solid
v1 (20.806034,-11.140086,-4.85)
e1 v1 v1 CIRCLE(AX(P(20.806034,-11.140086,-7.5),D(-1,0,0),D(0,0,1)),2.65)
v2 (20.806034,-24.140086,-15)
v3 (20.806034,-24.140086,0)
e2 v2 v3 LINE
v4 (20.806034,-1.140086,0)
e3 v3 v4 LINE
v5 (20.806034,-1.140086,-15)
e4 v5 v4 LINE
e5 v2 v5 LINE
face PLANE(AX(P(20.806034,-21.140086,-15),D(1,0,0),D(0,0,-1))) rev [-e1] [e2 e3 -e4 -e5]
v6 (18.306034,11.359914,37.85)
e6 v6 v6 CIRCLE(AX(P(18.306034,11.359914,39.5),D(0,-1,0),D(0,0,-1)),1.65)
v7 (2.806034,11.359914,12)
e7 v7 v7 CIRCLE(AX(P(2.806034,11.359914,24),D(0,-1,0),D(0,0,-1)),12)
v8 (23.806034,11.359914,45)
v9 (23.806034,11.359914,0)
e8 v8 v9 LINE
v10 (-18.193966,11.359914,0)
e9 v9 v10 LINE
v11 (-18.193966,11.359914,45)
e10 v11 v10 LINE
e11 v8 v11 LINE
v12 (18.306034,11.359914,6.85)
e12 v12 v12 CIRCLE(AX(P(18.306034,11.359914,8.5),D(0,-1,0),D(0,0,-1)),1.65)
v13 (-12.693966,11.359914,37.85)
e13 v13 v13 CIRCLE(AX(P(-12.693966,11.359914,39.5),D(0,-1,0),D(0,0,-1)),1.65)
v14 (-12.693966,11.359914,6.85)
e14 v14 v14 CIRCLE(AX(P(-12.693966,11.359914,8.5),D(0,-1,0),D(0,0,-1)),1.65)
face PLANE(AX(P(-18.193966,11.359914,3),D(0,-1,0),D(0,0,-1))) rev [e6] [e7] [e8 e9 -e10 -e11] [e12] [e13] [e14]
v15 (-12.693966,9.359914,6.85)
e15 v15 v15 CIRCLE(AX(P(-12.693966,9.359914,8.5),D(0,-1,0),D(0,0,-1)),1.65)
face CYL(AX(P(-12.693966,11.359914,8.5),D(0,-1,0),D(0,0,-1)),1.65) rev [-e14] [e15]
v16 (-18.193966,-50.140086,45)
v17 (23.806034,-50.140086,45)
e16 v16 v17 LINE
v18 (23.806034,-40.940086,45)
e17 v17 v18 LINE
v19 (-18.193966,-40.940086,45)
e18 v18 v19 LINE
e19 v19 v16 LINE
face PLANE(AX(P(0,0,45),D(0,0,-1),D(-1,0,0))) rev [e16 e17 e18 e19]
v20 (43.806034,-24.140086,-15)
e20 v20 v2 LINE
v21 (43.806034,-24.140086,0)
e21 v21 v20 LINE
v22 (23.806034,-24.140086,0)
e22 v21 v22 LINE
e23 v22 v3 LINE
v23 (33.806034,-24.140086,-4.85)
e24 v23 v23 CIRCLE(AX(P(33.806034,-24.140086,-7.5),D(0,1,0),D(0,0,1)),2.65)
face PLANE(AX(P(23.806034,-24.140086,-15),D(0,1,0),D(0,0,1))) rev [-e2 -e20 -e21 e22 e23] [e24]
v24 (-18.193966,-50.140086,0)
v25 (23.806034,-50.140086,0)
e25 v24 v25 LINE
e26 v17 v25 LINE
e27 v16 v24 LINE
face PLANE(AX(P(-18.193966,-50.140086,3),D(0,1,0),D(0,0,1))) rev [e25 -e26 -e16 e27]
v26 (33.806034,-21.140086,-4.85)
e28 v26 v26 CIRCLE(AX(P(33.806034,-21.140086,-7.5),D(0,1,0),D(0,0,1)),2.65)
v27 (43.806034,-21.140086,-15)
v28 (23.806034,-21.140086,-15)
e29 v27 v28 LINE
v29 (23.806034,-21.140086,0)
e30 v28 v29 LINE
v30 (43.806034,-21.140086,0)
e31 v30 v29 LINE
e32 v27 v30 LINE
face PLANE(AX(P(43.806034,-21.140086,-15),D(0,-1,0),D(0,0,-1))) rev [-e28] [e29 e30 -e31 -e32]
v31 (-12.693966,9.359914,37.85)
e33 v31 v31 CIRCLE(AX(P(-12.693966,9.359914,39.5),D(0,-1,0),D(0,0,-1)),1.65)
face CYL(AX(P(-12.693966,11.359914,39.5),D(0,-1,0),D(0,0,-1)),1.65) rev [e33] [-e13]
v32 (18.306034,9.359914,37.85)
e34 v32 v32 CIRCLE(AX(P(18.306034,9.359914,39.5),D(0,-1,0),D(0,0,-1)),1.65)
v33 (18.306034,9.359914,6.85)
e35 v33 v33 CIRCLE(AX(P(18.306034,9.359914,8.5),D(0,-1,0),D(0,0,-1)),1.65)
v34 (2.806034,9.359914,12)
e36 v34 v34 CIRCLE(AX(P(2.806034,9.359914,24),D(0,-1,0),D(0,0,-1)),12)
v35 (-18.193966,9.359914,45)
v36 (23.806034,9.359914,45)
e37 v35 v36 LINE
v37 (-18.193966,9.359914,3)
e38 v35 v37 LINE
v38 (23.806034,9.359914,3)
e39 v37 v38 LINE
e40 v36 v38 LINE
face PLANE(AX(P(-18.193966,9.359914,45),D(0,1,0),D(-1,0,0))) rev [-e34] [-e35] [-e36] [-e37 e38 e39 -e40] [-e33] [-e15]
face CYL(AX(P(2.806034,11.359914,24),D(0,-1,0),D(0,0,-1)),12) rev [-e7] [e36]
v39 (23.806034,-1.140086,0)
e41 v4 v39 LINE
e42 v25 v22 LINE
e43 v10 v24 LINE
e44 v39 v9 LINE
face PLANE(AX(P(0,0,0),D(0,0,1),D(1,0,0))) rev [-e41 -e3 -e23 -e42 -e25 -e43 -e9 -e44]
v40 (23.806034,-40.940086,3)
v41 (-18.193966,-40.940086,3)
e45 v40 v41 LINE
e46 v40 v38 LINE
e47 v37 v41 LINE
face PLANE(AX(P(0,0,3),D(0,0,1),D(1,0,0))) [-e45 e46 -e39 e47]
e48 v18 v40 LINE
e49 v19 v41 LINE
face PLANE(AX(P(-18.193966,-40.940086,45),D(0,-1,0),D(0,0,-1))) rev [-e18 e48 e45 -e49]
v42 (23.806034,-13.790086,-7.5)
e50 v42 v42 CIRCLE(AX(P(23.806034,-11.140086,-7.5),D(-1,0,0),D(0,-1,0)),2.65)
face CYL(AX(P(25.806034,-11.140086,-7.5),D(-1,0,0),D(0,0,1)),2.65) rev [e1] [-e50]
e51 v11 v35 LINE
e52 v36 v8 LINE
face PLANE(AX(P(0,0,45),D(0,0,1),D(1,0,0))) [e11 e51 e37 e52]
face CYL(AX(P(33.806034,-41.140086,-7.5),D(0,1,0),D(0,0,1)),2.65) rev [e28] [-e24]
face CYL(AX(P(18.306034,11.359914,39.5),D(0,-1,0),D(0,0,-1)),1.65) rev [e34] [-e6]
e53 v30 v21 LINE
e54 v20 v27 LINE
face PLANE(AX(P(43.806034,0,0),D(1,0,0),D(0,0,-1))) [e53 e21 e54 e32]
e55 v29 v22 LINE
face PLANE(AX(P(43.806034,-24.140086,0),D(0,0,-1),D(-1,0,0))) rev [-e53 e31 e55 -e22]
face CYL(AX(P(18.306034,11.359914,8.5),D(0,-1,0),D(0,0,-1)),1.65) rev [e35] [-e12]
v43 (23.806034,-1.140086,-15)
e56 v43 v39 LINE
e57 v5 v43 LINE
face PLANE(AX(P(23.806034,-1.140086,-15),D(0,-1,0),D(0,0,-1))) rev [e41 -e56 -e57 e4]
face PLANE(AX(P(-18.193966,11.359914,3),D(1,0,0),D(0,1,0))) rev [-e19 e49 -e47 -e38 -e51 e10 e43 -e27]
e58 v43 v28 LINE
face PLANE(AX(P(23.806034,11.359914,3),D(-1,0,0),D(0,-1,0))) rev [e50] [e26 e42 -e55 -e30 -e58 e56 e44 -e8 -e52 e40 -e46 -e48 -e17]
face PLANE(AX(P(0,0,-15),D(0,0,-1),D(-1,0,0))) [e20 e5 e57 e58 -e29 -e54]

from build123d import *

# Parameters (mm, degrees)
SKETCH_1_W          = 42
SKETCH_1_H          = 61.5
EXTRUDE_1_DEPTH     = 3
SKETCH_2_W          = 42
SKETCH_2_H          = 9.2
SKETCH_2_H_2        = 2
EXTRUDE_2_DEPTH     = 42
SKETCH_3_R          = 12
SKETCH_3_R_2        = 1.65
CUT_EXTRUDE_1_DEPTH = 3
EXTRUDE_3_DEPTH     = 15
SKETCH_6_R          = 2.65
CUT_EXTRUDE_2_DEPTH = 5
SKETCH_7_W          = 15
SKETCH_7_H          = 3
EXTRUDE_4_DEPTH     = 20
SKETCH_8_R          = 2.65
CUT_EXTRUDE_3_DEPTH = 20


with BuildPart() as part:
    # 草图1 → 凸台-拉伸1 (new body)
    with BuildSketch(Plane.XY):
        with Locations((2.806034483, -19.390086207)):
            Rectangle(SKETCH_1_W, SKETCH_1_H)
    extrude(amount=EXTRUDE_1_DEPTH)

    # 草图2 → 凸台-拉伸2 (add)
    with BuildSketch(Plane.XY.offset(3)):
        with Locations((2.806034483, -45.540086207)):
            Rectangle(SKETCH_2_W, SKETCH_2_H)
        with Locations((2.806034483, 10.359913793)):
            Rectangle(SKETCH_2_W, SKETCH_2_H_2)
    extrude(amount=EXTRUDE_2_DEPTH)

    # 草图3 → 切除-拉伸1 (cut, through all)
    with BuildSketch(Plane.XZ.offset(-9.359913793)):
        with Locations((2.806034483, 24)):
            Circle(SKETCH_3_R)
        with Locations((18.306034483, 39.5)):
            Circle(SKETCH_3_R_2)
        with Locations((18.306034483, 8.5)):
            Circle(SKETCH_3_R_2)
        with Locations((-12.693965517, 8.5)):
            Circle(SKETCH_3_R_2)
        with Locations((-12.693965517, 39.5)):
            Circle(SKETCH_3_R_2)
    extrude(amount=-CUT_EXTRUDE_1_DEPTH, mode=Mode.SUBTRACT)

    # 草图4 → 凸台-拉伸3 (add)
    with BuildSketch(Plane(origin=(0, 0, 0), x_dir=(-1, 0, 0), z_dir=(0, 0, -1))):
        Polygon((-23.806034483, -21.140086207), (-23.806034483, -1.140086207), (-20.806034483, -1.140086207), (-20.806034483, -21.140086207), (-20.806034483, -24.140086207), (-23.806034483, -24.140086207), align=None)
    extrude(amount=EXTRUDE_3_DEPTH)

    # 草图6 → 切除-拉伸2 (cut)
    with BuildSketch(Plane.ZY.offset(-20.806034483)):
        with Locations((-7.5, -11.140086207)):
            Circle(SKETCH_6_R)
    extrude(amount=-CUT_EXTRUDE_2_DEPTH, mode=Mode.SUBTRACT)

    # 草图7 → 凸台-拉伸4 (add)
    with BuildSketch(Plane(origin=(23.806034483, 0, 0), x_dir=(0, 0, -1), z_dir=(1, 0, 0))):
        with Locations((7.5, -22.640086207)):
            Rectangle(SKETCH_7_W, SKETCH_7_H)
    extrude(amount=EXTRUDE_4_DEPTH)

    # 草图8 → 切除-拉伸3 (cut)
    with BuildSketch(Plane(origin=(0, -21.140086207, 0), x_dir=(1, 0, 0), z_dir=(0, 1, 0))):
        with Locations((33.806034483, 7.5)):
            Circle(SKETCH_8_R)
    extrude(amount=-CUT_EXTRUDE_3_DEPTH, mode=Mode.SUBTRACT)


solid = part.part
